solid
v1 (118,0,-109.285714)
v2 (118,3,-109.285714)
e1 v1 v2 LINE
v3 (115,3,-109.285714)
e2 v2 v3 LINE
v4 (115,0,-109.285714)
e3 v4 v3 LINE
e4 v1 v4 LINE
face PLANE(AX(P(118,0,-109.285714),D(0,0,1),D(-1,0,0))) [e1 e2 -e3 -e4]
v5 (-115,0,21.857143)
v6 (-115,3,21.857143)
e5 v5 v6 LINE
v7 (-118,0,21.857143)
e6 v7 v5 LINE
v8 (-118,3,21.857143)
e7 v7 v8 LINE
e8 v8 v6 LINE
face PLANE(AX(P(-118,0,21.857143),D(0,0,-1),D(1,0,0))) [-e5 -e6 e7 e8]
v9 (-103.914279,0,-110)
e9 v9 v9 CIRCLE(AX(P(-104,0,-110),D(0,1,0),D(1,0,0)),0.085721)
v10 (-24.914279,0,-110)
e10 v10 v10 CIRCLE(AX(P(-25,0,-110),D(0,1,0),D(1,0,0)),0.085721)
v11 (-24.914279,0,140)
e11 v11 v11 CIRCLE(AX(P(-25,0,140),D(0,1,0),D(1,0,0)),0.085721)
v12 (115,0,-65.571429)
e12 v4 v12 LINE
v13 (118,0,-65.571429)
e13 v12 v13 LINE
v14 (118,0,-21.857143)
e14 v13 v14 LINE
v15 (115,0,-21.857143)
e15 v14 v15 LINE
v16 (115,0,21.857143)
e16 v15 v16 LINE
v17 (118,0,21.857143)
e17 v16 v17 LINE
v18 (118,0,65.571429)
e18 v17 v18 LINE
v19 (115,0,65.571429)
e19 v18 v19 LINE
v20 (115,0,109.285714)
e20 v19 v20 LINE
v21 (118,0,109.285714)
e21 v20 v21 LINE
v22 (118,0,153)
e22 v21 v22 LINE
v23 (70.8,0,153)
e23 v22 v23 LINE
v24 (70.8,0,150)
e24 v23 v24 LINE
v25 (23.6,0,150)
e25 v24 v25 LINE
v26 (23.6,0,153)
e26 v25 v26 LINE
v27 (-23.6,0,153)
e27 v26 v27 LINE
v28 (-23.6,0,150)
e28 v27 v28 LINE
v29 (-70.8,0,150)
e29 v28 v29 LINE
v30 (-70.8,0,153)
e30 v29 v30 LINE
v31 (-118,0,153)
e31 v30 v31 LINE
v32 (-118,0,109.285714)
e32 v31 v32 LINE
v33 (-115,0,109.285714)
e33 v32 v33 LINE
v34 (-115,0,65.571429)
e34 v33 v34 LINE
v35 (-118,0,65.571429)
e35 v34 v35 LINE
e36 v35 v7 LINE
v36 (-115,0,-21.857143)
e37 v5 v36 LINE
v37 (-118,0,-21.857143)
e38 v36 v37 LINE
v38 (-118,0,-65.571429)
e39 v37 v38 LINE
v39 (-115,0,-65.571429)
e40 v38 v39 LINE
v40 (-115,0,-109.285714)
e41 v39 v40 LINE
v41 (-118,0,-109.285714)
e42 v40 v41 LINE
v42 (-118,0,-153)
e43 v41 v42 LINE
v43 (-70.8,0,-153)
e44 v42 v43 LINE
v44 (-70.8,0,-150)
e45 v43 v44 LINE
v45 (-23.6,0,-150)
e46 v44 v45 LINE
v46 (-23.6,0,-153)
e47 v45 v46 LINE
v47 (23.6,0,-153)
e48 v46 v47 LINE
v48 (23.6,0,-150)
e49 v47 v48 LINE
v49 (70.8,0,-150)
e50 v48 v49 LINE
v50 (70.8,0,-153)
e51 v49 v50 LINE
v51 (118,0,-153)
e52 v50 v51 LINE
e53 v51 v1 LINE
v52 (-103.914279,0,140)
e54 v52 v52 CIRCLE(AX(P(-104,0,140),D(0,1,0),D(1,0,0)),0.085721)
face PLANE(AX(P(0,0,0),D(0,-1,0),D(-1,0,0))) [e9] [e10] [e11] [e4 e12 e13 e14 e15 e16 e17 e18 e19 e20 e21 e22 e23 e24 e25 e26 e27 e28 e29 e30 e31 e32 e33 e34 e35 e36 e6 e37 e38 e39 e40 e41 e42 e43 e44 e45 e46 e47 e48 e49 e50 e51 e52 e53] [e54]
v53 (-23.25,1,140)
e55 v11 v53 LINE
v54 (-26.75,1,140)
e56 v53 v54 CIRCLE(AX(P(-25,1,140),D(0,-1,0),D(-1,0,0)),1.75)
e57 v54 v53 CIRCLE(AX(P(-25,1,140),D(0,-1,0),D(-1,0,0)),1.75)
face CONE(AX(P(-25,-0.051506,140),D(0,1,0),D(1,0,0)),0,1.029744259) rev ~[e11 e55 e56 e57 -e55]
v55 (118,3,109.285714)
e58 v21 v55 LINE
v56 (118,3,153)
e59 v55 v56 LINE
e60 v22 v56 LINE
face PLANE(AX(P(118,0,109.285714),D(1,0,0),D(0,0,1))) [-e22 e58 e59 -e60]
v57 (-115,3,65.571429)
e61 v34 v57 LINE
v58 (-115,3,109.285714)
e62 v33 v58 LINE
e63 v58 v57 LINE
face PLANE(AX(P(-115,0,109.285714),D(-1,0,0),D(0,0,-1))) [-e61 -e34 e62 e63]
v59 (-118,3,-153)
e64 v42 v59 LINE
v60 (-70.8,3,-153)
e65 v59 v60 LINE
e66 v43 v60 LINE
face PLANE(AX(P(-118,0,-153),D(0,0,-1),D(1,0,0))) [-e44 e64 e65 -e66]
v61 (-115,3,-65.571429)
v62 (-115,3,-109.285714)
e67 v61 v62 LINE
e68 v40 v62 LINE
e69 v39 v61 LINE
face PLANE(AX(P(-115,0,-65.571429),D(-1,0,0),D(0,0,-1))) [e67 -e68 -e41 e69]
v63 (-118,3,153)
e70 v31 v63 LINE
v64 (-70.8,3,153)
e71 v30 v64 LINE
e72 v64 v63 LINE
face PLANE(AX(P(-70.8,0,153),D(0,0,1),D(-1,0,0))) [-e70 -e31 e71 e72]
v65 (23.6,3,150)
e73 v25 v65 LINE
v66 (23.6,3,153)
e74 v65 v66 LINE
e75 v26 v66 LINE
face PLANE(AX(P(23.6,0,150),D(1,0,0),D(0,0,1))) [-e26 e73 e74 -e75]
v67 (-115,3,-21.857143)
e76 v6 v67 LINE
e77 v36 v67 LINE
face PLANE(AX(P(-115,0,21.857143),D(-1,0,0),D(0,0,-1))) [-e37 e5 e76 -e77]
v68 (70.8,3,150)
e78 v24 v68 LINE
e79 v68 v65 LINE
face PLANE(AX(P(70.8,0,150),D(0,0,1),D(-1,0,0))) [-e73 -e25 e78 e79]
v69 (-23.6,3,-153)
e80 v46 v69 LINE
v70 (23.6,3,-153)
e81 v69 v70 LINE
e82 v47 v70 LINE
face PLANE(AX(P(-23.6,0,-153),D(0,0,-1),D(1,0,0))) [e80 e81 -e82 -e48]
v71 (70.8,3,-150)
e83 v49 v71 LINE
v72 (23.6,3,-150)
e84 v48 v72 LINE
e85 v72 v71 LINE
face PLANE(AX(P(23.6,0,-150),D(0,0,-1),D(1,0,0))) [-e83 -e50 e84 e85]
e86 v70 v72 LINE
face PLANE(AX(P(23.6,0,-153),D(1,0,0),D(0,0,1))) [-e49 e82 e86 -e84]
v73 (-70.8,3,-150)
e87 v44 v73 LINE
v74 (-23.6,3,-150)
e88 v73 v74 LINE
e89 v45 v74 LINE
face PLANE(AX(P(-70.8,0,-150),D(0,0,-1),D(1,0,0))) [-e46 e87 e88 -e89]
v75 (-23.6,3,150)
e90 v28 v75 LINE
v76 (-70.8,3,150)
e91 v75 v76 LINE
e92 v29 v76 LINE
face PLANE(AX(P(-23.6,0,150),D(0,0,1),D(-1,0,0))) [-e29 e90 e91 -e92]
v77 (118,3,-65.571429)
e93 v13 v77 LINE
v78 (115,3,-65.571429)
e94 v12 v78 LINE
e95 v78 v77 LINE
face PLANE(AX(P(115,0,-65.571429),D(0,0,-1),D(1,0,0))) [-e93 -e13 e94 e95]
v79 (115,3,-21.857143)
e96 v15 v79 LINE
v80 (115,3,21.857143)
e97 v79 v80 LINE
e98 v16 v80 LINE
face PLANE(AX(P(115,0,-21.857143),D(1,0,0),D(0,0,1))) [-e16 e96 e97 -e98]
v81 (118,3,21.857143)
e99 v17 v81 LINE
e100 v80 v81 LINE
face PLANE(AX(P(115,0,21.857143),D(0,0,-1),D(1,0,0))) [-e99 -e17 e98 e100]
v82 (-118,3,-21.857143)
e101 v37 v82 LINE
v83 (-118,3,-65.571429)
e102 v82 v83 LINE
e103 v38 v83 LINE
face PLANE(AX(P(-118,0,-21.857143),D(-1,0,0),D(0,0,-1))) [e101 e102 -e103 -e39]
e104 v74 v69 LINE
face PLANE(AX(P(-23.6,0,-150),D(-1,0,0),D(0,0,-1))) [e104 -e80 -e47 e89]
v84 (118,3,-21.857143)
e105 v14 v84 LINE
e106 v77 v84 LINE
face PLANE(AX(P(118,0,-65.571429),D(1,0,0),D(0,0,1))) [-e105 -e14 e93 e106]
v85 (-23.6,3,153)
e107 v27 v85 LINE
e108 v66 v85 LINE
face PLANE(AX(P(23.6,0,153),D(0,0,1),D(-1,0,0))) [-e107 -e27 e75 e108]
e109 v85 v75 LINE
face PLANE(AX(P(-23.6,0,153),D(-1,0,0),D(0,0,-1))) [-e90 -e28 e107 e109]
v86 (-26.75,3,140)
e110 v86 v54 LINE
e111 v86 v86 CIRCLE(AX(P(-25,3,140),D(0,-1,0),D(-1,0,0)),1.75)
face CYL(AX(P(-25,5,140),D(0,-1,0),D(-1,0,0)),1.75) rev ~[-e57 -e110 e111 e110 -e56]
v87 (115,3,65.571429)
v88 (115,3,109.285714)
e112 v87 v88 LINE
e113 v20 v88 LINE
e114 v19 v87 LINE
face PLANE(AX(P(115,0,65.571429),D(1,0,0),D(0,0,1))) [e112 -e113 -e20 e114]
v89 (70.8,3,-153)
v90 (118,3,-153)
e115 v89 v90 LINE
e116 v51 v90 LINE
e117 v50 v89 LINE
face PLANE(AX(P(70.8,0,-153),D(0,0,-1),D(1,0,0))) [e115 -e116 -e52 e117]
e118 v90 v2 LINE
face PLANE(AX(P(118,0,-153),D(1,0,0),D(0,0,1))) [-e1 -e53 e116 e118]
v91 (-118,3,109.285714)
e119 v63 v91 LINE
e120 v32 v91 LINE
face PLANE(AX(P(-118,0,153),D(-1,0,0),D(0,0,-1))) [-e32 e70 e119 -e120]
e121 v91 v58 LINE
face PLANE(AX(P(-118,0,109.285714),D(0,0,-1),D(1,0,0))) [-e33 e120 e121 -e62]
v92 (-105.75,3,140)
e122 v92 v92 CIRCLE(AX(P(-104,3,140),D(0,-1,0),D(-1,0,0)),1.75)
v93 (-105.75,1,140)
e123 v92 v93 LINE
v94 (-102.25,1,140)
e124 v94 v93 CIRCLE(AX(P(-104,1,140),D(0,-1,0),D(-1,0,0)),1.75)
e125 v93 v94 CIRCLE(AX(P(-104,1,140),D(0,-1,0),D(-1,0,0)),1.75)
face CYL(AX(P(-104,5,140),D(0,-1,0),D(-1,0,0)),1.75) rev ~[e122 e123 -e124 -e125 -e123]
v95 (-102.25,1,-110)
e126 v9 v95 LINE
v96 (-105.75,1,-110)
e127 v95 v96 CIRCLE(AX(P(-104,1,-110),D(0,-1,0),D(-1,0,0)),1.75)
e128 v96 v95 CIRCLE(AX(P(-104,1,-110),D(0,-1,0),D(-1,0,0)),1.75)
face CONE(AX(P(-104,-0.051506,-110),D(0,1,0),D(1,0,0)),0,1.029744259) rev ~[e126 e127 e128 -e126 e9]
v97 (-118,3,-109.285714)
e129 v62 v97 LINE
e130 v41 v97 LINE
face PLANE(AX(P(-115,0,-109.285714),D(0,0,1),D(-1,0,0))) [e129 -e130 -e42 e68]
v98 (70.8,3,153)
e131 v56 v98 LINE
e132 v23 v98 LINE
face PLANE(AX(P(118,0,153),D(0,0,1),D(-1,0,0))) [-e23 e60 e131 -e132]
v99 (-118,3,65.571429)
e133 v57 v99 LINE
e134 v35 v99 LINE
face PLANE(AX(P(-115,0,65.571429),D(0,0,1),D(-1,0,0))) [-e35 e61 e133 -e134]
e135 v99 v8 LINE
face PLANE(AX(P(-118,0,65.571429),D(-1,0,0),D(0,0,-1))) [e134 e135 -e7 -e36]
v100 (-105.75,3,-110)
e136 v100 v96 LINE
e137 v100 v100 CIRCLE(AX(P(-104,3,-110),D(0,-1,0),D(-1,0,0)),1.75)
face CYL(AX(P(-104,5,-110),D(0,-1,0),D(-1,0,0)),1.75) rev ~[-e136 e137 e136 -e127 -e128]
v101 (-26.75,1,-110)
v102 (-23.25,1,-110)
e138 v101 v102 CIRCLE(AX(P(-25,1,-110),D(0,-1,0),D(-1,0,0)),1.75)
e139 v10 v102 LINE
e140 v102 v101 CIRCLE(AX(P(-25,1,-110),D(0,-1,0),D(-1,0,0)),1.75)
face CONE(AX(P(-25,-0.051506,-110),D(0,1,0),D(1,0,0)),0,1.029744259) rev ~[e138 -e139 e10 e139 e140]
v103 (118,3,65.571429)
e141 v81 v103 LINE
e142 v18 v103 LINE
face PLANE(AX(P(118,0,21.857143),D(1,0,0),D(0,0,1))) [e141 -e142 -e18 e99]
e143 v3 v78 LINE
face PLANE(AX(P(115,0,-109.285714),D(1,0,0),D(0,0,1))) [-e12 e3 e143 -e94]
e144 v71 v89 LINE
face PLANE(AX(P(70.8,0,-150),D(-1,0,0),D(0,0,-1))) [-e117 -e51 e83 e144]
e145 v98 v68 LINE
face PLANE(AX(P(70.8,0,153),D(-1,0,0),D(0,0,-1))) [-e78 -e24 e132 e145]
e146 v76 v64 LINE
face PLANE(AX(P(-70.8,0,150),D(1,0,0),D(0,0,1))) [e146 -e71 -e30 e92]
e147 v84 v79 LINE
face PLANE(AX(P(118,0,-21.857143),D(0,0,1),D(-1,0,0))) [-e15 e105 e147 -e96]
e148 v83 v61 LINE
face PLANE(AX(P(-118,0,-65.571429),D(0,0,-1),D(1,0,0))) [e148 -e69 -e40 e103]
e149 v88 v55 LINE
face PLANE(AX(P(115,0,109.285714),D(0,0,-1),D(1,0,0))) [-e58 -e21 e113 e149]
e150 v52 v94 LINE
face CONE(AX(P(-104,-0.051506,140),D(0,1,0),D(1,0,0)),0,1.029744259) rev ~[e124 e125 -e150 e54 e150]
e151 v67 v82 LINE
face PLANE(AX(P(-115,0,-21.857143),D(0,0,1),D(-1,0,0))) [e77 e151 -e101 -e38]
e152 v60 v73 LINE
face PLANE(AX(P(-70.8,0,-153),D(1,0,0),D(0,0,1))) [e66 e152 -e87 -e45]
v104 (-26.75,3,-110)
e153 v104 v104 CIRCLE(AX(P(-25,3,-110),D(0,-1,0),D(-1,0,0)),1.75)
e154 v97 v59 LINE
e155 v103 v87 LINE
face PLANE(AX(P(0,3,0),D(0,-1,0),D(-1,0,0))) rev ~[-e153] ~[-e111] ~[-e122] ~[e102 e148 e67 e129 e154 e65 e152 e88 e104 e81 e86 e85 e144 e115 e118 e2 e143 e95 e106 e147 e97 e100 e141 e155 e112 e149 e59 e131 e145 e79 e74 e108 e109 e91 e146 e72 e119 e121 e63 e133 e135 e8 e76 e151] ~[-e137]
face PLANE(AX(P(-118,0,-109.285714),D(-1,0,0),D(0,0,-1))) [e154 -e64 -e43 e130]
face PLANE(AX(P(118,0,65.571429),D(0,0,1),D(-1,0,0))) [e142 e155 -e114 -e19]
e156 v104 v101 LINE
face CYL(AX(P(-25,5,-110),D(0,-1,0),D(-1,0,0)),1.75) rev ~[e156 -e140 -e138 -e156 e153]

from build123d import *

# Parameters (mm, degrees)
BOSS_EXTRU_1_DEPTH                  = 3
DIAM_TRE_DU_PER_AGE_3_5_3_5_1_D     = 3.5
DIAM_TRE_DU_PER_AGE_3_5_3_5_1_DEPTH = 2
DIAM_TRE_DU_PER_AGE_3_5_3_5_1_TIP   = 1.051506083


with BuildPart() as part:
    # Esquisse1 → Boss.-Extru.1 (new body)
    with BuildSketch(Plane(origin=(0, 0, 0), x_dir=(1, 0, 0), z_dir=(0, 1, 0))):
        Polygon((-70.8, 150), (-23.6, 150), (-23.6, 153), (23.6, 153), (23.6, 150), (70.8, 150), (70.8, 153), (118, 153), (118, 109.285714286), (115, 109.285714286), (115, 65.571428571), (118, 65.571428571), (118, 21.857142857), (115, 21.857142857), (115, -21.857142857), (118, -21.857142857), (118, -65.571428571), (115, -65.571428571), (115, -109.285714286), (118, -109.285714286), (118, -153), (70.8, -153), (70.8, -150), (23.6, -150), (23.6, -153), (-23.6, -153), (-23.6, -150), (-70.8, -150), (-70.8, -153), (-118, -153), (-118, -109.285714286), (-115, -109.285714286), (-115, -65.571428571), (-118, -65.571428571), (-118, -21.857142857), (-115, -21.857142857), (-115, 21.857142857), (-118, 21.857142857), (-118, 65.571428571), (-115, 65.571428571), (-115, 109.285714286), (-118, 109.285714286), (-118, 153), (-70.8, 153), align=None)
    extrude(amount=BOSS_EXTRU_1_DEPTH)

    # Diamètre du perçage Ø3.5 (3.5)1
    with Locations(Plane(origin=(0, 3, 0), x_dir=(1, 0, 0), z_dir=(0, 1, 0))):
        with Locations((-104, -140), (-25, -140), (-104, 110), (-25, 110)):
            Hole(DIAM_TRE_DU_PER_AGE_3_5_3_5_1_D / 2, depth=DIAM_TRE_DU_PER_AGE_3_5_3_5_1_DEPTH)
            with Locations((0, 0, -(DIAM_TRE_DU_PER_AGE_3_5_3_5_1_DEPTH + DIAM_TRE_DU_PER_AGE_3_5_3_5_1_TIP / 2))):  # 118° drill point
                Cone(0, DIAM_TRE_DU_PER_AGE_3_5_3_5_1_D / 2, DIAM_TRE_DU_PER_AGE_3_5_3_5_1_TIP, mode=Mode.SUBTRACT)


solid = part.part
